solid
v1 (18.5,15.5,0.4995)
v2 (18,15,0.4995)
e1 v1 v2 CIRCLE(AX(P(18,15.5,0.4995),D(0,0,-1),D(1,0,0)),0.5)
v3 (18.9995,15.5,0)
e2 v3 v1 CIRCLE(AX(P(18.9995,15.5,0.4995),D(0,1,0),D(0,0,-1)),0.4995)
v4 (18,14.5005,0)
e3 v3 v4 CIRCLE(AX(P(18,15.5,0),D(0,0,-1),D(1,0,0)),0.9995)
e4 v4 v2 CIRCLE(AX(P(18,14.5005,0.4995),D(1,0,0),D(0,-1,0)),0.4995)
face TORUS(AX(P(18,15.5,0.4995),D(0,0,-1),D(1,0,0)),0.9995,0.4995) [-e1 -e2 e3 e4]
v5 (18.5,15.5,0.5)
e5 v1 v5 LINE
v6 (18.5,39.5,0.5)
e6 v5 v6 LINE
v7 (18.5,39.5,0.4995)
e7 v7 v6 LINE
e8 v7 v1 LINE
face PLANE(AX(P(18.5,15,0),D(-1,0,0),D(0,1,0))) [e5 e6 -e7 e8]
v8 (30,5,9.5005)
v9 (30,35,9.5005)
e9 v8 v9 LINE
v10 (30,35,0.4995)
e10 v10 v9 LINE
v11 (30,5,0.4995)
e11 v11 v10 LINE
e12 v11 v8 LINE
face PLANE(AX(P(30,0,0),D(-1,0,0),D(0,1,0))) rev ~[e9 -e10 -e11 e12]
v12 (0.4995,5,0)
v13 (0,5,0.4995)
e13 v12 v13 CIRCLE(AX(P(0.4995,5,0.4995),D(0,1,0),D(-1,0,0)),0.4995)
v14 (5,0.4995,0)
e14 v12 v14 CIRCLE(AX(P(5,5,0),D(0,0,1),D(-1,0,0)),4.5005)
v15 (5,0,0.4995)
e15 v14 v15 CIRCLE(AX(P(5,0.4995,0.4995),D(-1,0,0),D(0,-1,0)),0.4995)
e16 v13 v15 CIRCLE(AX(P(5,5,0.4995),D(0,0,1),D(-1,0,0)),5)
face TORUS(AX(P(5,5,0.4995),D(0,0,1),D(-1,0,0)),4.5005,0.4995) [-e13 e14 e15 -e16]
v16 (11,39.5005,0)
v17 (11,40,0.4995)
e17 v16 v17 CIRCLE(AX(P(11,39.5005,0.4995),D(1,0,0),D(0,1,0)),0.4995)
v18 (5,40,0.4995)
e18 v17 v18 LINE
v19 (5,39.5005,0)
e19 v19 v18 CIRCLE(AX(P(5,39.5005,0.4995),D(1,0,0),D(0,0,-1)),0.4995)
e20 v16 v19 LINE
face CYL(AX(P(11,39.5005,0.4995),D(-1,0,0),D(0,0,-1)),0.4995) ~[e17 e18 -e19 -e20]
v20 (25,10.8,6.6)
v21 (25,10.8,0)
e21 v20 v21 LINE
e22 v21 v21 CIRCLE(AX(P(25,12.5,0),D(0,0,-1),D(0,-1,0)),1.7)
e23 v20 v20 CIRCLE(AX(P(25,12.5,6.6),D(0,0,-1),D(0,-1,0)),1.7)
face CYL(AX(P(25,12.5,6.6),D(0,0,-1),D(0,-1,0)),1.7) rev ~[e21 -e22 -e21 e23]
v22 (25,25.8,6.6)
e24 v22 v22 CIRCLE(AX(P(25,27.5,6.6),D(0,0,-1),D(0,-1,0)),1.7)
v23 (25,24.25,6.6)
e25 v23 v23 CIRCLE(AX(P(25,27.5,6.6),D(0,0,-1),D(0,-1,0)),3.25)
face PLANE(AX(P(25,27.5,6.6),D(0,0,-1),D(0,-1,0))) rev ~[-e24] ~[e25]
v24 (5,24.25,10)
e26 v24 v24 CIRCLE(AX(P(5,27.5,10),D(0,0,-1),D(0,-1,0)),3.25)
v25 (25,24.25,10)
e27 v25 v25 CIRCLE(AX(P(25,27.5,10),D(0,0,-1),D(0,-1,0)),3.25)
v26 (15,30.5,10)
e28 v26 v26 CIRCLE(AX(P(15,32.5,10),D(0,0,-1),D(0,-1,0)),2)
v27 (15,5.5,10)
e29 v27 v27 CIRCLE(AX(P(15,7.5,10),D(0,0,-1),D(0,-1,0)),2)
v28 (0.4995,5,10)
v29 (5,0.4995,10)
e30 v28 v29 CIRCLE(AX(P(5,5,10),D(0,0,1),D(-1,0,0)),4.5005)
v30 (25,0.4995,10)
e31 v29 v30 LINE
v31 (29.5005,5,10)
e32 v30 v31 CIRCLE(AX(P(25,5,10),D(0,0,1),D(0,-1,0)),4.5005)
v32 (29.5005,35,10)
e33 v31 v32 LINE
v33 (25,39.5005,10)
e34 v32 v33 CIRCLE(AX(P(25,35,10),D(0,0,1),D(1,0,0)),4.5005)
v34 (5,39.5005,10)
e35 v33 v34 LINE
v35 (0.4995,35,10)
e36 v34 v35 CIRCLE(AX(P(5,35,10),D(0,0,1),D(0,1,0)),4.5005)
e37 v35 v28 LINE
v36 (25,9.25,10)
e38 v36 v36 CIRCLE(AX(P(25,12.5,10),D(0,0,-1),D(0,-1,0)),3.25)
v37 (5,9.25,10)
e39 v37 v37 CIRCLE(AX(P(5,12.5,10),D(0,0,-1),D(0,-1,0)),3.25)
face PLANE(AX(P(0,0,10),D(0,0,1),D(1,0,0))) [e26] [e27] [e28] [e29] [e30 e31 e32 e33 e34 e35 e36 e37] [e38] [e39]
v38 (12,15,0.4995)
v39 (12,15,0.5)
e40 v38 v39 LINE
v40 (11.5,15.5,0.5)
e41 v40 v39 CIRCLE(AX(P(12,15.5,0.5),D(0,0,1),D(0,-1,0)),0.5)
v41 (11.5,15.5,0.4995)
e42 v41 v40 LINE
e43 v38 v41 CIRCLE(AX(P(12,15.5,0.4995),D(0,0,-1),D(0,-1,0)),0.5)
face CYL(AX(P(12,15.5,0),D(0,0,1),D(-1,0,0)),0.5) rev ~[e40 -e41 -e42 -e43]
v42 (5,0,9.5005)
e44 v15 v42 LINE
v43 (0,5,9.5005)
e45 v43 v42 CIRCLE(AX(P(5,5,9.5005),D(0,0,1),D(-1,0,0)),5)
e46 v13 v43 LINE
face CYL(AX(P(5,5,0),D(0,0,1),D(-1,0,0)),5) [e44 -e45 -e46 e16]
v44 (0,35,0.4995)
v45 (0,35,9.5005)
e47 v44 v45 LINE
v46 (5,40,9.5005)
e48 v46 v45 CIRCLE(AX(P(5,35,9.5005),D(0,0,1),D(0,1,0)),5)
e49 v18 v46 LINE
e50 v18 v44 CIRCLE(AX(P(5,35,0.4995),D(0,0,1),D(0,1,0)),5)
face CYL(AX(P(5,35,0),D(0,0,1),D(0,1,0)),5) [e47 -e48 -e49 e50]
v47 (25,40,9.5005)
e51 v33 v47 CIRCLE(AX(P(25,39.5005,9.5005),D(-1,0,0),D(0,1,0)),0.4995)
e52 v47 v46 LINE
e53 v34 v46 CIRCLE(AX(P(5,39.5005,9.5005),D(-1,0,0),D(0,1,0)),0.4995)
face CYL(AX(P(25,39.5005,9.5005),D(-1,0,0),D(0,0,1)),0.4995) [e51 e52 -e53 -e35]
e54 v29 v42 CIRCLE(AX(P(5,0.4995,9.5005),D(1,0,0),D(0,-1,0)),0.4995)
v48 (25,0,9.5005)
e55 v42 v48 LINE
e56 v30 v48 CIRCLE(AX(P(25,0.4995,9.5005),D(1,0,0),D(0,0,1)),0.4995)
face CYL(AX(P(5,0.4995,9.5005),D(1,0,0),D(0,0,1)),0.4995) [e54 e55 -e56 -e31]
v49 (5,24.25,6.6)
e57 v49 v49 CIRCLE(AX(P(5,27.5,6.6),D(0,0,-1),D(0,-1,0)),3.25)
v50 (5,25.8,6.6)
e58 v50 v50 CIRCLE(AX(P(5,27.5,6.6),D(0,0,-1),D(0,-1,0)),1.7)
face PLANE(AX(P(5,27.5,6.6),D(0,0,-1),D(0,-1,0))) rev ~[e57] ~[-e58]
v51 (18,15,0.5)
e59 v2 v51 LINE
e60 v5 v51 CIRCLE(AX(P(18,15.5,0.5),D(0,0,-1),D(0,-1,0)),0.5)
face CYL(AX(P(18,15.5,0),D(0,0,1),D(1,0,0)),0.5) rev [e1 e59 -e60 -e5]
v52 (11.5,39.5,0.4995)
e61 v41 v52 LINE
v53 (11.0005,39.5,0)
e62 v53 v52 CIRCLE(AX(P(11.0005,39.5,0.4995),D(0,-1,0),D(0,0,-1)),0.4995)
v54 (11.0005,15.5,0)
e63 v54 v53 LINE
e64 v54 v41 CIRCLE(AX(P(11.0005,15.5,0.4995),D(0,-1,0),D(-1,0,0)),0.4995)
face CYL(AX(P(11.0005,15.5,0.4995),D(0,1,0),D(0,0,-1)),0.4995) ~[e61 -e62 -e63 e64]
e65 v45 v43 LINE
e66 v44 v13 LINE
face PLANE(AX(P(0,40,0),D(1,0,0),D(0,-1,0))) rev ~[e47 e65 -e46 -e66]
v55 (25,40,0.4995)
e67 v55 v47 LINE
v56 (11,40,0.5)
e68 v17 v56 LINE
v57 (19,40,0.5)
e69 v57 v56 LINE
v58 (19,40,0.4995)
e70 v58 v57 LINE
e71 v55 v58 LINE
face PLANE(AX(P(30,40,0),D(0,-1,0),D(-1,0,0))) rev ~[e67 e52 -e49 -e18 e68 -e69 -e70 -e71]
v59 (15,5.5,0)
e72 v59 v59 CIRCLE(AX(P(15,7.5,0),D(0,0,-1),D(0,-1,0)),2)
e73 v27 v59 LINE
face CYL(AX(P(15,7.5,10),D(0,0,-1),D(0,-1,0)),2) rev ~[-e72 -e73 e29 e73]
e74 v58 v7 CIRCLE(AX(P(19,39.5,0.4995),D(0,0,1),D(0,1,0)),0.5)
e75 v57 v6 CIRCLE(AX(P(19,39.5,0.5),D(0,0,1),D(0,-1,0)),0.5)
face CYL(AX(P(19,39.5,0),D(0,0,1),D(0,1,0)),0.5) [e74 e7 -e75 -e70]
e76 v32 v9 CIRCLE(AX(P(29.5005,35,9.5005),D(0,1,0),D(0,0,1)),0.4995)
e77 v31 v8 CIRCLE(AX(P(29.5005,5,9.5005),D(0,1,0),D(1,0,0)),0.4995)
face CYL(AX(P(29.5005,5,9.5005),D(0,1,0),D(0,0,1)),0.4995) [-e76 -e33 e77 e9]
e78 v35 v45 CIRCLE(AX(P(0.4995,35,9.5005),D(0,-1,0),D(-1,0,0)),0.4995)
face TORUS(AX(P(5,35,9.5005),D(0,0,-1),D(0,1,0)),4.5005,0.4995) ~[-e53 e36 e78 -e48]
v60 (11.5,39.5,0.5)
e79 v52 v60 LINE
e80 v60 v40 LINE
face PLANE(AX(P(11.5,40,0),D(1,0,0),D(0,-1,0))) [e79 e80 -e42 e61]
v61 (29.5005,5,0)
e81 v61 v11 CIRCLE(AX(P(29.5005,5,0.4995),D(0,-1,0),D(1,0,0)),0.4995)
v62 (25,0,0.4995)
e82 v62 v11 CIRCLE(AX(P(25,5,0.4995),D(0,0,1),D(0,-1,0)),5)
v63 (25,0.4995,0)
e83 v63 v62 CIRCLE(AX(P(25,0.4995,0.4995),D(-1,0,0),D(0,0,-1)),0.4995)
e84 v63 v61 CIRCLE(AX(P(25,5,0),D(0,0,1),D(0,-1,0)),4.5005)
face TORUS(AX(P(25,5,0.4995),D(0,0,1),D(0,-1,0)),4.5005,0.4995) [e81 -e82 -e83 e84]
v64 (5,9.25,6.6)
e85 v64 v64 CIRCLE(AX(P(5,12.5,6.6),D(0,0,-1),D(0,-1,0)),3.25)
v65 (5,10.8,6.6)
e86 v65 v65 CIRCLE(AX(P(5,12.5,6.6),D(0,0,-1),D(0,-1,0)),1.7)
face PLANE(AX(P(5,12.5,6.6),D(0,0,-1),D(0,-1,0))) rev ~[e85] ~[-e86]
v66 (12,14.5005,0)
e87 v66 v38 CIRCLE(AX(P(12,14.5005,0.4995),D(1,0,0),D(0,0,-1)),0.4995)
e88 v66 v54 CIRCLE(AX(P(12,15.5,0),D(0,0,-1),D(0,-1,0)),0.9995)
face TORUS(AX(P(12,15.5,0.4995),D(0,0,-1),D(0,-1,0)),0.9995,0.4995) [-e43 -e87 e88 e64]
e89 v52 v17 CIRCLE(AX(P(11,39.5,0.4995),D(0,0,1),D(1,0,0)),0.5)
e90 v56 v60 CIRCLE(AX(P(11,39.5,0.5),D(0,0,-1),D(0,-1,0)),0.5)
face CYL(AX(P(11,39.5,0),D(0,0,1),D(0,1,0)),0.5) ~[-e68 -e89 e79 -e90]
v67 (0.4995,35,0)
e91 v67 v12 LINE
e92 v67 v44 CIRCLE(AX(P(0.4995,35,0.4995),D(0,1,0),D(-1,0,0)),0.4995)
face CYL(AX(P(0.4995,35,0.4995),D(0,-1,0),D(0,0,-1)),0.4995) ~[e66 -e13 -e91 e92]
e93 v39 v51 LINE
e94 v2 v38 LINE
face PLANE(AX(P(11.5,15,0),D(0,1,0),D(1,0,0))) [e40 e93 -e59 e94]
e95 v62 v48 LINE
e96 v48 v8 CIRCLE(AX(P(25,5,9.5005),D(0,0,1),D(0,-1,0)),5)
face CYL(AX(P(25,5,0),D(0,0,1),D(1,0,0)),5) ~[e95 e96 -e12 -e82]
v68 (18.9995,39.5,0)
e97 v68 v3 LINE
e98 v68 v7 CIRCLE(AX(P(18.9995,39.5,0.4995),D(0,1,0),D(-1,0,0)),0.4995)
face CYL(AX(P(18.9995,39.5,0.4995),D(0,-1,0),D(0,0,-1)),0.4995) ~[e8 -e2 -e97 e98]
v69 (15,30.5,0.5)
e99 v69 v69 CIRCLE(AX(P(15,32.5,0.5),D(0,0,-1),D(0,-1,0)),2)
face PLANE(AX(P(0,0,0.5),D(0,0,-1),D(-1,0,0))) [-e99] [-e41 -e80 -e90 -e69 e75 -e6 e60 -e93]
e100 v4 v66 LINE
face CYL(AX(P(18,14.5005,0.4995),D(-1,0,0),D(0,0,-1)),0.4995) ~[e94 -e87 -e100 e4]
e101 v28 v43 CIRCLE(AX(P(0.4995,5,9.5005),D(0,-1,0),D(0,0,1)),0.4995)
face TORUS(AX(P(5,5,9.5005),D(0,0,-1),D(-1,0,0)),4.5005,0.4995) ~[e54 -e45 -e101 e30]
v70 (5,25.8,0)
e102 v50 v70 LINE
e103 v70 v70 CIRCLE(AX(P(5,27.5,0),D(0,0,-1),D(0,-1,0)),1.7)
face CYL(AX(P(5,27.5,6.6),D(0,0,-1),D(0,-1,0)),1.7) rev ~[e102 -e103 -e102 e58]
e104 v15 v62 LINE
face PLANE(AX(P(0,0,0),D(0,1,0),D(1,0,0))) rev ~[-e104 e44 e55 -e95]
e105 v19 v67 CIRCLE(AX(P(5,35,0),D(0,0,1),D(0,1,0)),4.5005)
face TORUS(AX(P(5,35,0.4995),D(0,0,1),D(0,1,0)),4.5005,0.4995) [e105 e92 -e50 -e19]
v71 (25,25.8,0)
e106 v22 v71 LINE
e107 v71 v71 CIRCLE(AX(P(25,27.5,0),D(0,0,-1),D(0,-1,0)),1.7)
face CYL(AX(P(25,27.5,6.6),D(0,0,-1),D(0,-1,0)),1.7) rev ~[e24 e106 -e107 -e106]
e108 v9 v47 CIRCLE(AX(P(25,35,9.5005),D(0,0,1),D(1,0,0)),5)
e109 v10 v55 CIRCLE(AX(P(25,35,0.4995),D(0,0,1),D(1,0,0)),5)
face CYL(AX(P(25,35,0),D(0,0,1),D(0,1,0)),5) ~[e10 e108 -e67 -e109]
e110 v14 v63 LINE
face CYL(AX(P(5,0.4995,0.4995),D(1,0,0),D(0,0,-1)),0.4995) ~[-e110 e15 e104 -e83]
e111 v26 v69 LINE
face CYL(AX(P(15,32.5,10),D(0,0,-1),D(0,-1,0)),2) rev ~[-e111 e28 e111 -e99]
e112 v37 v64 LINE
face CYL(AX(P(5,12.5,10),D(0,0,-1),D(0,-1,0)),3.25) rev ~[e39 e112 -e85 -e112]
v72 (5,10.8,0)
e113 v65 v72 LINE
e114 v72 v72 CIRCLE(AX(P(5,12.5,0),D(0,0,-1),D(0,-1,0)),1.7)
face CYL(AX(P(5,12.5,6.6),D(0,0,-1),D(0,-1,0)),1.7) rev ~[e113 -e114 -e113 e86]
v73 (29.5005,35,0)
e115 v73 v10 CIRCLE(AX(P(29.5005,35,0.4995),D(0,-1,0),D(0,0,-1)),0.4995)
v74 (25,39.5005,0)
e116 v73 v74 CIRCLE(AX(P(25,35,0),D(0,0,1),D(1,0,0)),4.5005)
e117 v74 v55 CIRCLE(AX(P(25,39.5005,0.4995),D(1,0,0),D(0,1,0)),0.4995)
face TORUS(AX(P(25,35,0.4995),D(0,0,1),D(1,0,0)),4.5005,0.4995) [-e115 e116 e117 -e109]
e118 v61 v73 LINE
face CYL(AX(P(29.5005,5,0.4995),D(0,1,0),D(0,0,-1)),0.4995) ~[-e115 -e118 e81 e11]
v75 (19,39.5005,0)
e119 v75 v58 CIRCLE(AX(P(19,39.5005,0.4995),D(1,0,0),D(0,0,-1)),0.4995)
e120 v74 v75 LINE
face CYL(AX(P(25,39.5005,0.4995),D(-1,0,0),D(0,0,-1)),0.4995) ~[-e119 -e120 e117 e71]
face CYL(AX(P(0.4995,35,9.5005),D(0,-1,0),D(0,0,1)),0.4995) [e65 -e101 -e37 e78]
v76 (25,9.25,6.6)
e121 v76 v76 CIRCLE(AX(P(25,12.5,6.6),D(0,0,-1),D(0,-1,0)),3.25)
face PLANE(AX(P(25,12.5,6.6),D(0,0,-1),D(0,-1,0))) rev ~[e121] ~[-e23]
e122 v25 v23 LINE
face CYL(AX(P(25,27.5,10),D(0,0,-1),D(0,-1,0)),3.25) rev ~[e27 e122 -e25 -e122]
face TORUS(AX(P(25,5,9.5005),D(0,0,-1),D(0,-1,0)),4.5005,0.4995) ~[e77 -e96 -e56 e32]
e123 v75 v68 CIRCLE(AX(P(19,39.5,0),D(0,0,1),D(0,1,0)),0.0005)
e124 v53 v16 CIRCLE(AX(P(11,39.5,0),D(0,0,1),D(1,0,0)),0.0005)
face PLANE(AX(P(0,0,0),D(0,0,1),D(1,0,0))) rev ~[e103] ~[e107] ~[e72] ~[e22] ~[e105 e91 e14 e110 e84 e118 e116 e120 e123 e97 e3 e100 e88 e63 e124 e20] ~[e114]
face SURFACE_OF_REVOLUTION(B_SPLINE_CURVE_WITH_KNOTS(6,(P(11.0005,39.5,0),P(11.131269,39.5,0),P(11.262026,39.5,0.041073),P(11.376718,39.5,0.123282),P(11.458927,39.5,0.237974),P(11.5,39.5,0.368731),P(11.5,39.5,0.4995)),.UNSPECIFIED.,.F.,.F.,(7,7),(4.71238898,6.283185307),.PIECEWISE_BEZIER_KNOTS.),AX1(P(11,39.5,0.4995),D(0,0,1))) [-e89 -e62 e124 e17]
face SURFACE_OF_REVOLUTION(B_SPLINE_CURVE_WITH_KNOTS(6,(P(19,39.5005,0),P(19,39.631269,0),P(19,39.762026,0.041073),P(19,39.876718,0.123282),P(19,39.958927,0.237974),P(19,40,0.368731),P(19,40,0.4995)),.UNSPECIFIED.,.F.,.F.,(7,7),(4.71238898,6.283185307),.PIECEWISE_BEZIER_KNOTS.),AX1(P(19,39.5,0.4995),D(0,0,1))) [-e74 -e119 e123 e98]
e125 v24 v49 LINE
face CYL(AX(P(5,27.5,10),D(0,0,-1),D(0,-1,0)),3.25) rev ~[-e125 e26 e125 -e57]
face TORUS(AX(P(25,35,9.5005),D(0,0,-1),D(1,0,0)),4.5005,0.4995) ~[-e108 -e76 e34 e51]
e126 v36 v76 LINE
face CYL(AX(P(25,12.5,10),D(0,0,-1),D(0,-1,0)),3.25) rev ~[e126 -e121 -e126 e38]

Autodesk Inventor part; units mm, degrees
ref_plane "YZ Plane" through (0, 0, 0) normal (1, 0, 0) x (0, 1, 0)
ref_plane "XZ Plane" through (0, 0, 0) normal (0, 1, 0) x (-1, 0, 0)
ref_plane "XY Plane" through (0, 0, 0) normal (0, 0, 1) x (1, 0, 0)
sketch "Skizze1" plane through (0, 0, 0) normal (0, 0, 1) x (1, 0, 0)
  line L0 (0, 0) -> (30, 0)
  line L1 (30, 0) -> (30, 40)
  line L2 (30, 40) -> (0, 40)
  line L3 (0, 40) -> (0, 0)
  dimension "d0" = 30
  dimension "d1" = 40
extrude "Extrusion1" add sketch "Skizze1" along normal blind 10
sketch "Skizze2" plane through (0, 0, 10) normal (0, 0, 1) x (1, 0, 0)
  line L0 (5, 27.5) -> (25, 27.5) construction
  line L1 (25, 27.5) -> (25, 12.5) construction
  line L2 (25, 12.5) -> (5, 12.5) construction
  line L3 (5, 12.5) -> (5, 27.5) construction
  line L4 (30, 40) -> (0, 40) construction
  line L5 (15, 27.5) -> (15, 40) construction
  line L6 (15, 12.5) -> (15, 0) construction
  line L7 (0, 0) -> (30, 0) projected
  dimension "d5" = 15
  dimension "d8" = 20
hole "Bohrung1" at (5, 27.5, 10) at (25, 27.5, 10) at (25, 12.5, 10) at (5, 12.5, 10) direction (0, 0, -1) diameter 3.4 end through all counterbore diameter 6.5 counterbore depth 3.4 clearance for "Inbusschraube ISO 4762" size "M3" standard "ISO"
sketch "Skizze3" plane through (0, 0, 0) normal (0, 0, -1) x (-1, 0, 0)
  line L0 (-18.5, 40) -> (-11.5, 40)
  line L1 (-11.5, 40) -> (-11.5, 15)
  line L2 (-11.5, 15) -> (-18.5, 15)
  line L3 (-18.5, 15) -> (-18.5, 40)
  line L4 (-30, 40) -> (0, 40) projected
  point P0 (0, 0)
  point P1 (-15, 40)
  dimension "d19" = 7
  dimension "d20" = 25
extrude "Extrusion2" cut sketch "Skizze3" against normal blind 0.5
fillet "Rundung3" radius 0.5 4 edges at (18.5, 40, 0.25) (11.5, 40, 0.25) (18.5, 15, 0.25) (11.5, 15, 0.25)
fillet "Rundung1" radius 5 4 edges at (0, 40, 5) (30, 40, 5) (0, 0, 5) (30, 0, 5)
fillet "Rundung2" radius 0.5 17 edges at (1.4645, 1.4645, 0) (15, 0, 0) (28.5355, 1.4645, 0) (30, 20, 0) (28.5355, 38.5355, 0) (8, 40, 0) (22, 40, 0) (1.4645, 38.5355, 0) (0, 20, 0) (1.4645, 38.5355, 10) (0, 20, 10) (1.4645, 1.4645, 10) (15, 0, 10) (28.5355, 1.4645, 10) (30, 20, 10) (28.5355, 38.5355, 10) (15, 40, 10)
sketch "Skizze4" plane through (0, 0, 10) normal (0, 0, 1) x (1, 0, 0)
  line L0 (19, 40) -> (11, 40) construction
  line L1 (15, 40) -> (15, 32.5) construction
  line L2 (15, 32.5) -> (15, 7.5) construction
  line L3 (15, 7.5) -> (15, 0) construction
  line L4 (25, 0) -> (5, 0) construction
  point P0 (0, 0)
  dimension "d24" = 25
hole "Bohrung2" at (15, 32.5, 10) at (15, 7.5, 10) direction (0, 0, -1) diameter 4 end through all
properties part number "AdapterLinearGuideShort"
